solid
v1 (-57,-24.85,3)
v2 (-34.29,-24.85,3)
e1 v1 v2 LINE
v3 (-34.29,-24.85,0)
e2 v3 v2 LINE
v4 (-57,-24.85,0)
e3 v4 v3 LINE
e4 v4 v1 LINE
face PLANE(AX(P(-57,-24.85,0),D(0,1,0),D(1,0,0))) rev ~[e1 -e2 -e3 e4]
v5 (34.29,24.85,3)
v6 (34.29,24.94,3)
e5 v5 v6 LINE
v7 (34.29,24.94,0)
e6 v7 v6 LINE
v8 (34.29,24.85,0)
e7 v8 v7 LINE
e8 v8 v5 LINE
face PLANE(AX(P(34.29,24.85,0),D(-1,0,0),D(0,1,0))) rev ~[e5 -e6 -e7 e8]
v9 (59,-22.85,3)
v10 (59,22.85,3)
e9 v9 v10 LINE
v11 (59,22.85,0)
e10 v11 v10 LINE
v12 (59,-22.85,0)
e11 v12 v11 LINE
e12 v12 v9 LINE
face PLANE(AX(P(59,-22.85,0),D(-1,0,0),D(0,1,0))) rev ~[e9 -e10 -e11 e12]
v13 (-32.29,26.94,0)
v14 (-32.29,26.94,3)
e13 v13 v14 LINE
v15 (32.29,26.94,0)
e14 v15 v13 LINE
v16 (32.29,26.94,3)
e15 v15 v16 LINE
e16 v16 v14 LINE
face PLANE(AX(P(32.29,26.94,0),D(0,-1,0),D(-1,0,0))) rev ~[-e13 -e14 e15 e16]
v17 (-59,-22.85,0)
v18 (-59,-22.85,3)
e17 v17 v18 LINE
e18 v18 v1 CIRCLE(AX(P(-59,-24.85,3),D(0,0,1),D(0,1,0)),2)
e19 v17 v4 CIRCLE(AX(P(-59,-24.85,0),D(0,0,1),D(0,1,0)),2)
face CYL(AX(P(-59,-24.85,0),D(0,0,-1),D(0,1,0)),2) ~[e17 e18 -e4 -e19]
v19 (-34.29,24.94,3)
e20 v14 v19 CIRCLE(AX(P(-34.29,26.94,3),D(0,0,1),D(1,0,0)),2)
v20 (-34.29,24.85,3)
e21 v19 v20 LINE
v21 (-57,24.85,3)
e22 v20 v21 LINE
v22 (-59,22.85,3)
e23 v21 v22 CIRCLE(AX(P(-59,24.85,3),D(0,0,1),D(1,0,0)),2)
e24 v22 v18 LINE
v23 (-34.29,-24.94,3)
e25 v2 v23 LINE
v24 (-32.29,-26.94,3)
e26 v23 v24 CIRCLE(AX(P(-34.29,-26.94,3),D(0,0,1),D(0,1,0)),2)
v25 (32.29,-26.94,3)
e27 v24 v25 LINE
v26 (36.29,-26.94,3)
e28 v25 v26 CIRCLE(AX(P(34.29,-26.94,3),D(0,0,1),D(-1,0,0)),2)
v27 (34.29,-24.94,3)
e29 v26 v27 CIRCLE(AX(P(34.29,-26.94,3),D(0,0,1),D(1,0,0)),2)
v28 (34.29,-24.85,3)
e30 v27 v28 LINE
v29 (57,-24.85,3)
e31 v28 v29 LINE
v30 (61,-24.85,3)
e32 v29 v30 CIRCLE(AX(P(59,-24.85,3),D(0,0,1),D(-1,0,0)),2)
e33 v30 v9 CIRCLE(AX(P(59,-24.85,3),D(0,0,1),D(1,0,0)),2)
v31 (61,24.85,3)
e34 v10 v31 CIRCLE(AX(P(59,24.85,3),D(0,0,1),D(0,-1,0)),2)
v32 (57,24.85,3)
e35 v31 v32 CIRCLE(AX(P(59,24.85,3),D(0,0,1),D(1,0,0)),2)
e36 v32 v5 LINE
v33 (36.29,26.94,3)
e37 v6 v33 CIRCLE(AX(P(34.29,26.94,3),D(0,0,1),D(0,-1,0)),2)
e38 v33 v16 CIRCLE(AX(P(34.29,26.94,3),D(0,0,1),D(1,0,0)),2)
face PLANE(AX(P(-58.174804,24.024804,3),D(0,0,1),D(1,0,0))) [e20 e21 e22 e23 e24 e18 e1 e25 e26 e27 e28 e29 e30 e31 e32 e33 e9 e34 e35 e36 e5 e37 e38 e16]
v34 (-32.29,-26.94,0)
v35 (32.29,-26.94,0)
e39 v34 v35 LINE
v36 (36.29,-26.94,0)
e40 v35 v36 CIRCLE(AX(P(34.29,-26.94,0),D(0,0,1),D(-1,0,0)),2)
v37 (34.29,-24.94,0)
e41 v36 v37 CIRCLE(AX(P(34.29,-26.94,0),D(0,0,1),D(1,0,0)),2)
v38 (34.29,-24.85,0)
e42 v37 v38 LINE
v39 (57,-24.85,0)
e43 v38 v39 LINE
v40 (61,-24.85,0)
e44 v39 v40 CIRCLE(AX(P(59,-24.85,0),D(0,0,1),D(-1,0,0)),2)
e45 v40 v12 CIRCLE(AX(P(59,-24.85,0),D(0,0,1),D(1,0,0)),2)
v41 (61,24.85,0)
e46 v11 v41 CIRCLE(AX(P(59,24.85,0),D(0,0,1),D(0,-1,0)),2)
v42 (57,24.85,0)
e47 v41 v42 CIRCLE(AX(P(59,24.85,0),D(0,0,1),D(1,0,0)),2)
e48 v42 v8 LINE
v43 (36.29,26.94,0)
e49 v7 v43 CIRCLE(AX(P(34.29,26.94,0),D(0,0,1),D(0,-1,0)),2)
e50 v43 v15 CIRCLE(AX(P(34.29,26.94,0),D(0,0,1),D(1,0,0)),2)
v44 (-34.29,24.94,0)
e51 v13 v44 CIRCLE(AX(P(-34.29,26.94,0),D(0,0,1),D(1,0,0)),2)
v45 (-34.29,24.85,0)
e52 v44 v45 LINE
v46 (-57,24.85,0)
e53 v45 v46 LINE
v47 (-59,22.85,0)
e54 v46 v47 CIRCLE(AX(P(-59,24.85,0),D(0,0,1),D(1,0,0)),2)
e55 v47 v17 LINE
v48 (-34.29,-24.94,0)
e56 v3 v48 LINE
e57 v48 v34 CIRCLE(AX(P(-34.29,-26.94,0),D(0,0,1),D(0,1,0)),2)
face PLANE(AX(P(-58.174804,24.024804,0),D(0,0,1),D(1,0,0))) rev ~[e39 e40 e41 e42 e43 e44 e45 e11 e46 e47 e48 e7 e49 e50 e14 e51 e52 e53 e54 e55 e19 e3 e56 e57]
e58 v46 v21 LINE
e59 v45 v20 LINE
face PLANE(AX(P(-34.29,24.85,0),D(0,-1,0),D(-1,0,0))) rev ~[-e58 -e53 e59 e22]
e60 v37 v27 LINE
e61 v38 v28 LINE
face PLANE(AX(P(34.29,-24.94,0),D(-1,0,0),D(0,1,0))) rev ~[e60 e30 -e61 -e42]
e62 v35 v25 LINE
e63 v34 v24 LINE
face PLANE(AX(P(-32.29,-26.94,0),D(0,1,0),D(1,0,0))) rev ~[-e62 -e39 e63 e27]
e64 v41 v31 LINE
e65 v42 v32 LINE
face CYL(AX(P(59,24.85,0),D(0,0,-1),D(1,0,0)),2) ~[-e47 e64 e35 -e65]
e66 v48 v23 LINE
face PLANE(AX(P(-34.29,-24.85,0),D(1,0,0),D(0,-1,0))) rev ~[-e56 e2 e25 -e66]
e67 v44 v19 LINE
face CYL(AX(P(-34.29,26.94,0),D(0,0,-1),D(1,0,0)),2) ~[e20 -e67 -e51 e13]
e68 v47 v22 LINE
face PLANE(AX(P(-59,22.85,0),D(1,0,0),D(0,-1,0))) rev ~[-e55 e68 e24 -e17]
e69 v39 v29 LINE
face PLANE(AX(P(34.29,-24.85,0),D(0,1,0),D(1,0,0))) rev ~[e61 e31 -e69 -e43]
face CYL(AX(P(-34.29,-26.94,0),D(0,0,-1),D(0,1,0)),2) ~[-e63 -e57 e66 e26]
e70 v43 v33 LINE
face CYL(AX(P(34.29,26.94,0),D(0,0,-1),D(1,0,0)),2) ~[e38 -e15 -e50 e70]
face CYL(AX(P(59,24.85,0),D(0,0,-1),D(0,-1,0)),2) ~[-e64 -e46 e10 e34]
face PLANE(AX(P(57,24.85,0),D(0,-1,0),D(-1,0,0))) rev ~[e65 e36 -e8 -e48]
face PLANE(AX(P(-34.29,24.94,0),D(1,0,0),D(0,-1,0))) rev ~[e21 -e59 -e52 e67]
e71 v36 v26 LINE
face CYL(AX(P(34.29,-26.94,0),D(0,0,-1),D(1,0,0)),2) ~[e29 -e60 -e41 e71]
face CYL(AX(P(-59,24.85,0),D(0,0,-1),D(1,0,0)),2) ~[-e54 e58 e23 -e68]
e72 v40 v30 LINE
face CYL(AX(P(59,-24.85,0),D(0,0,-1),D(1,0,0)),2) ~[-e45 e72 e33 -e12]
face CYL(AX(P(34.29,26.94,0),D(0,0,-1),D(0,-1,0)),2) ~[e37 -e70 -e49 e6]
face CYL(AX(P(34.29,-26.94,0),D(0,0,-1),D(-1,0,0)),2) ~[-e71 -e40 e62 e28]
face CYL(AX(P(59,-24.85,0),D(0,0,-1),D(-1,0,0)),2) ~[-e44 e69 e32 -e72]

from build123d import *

# Parameters (mm, degrees)
F0_W     = 68.58
F0_H     = 49.7
F1_DEPTH = 3


with BuildPart() as f1:
    # F0 (on Top) → F1 (new body)
    with BuildSketch(Plane.XY):
        with BuildLine():
            ThreePointArc((-59, 22.85), (-57.5857864376, 23.4357864376), (-57, 24.85))
            Line((-57, 24.85), (-59, 24.85))
            Line((-59, 24.85), (-59, 22.85))
        make_face()
        with BuildLine():
            Line((-59, 24.85), (-57, 24.85))
            ThreePointArc((-57, 24.85), (-60.4142135624, 26.2642135624), (-59, 22.85))
            Line((-59, 22.85), (-59, 24.85))
        make_face()
        with BuildLine():
            Line((-34.29, 24.85), (-57, 24.85))
            ThreePointArc((-57, 24.85), (-57.5857864376, 23.4357864376), (-59, 22.85))
            Line((-59, 22.85), (-59, -22.85))
            ThreePointArc((-59, -22.85), (-57.5857864376, -23.4357864376), (-57, -24.85))
            Line((-57, -24.85), (-34.29, -24.85))
            Line((-34.29, -24.85), (-34.29, 24.85))
        make_face()
        with BuildLine():
            Line((-34.29, 24.94), (-34.29, 24.85))
            Line((-34.29, 24.85), (34.29, 24.85))
            Line((34.29, 24.85), (34.29, 24.94))
            ThreePointArc((34.29, 24.94), (32.8757864376, 25.5257864376), (32.29, 26.94))
            Line((32.29, 26.94), (-32.29, 26.94))
            ThreePointArc((-32.29, 26.94), (-32.8757864376, 25.5257864376), (-34.29, 24.94))
        make_face()
        Rectangle(F0_W, F0_H)
        with BuildLine():
            Line((57, 24.85), (34.29, 24.85))
            Line((34.29, 24.85), (34.29, -24.85))
            Line((34.29, -24.85), (57, -24.85))
            ThreePointArc((57, -24.85), (57.5857864376, -23.4357864376), (59, -22.85))
            Line((59, -22.85), (59, 22.85))
            ThreePointArc((59, 22.85), (57.5857864376, 23.4357864376), (57, 24.85))
        make_face()
        with BuildLine():
            ThreePointArc((-32.29, 26.94), (-35.7042135624, 28.3542135624), (-34.29, 24.94))
            Line((-34.29, 24.94), (-34.29, 26.94))
            Line((-34.29, 26.94), (-32.29, 26.94))
        make_face()
        with BuildLine():
            Line((-34.29, 26.94), (-34.29, 24.94))
            ThreePointArc((-34.29, 24.94), (-32.8757864376, 25.5257864376), (-32.29, 26.94))
            Line((-32.29, 26.94), (-34.29, 26.94))
        make_face()
        with BuildLine():
            Line((34.29, -24.85), (-34.29, -24.85))
            Line((-34.29, -24.85), (-34.29, -24.94))
            ThreePointArc((-34.29, -24.94), (-32.8757864376, -25.5257864376), (-32.29, -26.94))
            Line((-32.29, -26.94), (32.29, -26.94))
            ThreePointArc((32.29, -26.94), (32.8757864376, -25.5257864376), (34.29, -24.94))
            Line((34.29, -24.94), (34.29, -24.85))
        make_face()
        with BuildLine():
            ThreePointArc((-57, -24.85), (-57.5857864376, -23.4357864376), (-59, -22.85))
            Line((-59, -22.85), (-59, -24.85))
            Line((-59, -24.85), (-57, -24.85))
        make_face()
        with BuildLine():
            Line((-59, -24.85), (-59, -22.85))
            ThreePointArc((-59, -22.85), (-60.4142135624, -26.2642135624), (-57, -24.85))
            Line((-57, -24.85), (-59, -24.85))
        make_face()
        with BuildLine():
            ThreePointArc((61, 24.85), (59, 26.85), (57, 24.85))
            Line((57, 24.85), (59, 24.85))
            Line((59, 24.85), (59, 22.85))
            ThreePointArc((59, 22.85), (60.4142135624, 23.4357864376), (61, 24.85))
        make_face()
        with BuildLine():
            Line((59, 24.85), (57, 24.85))
            ThreePointArc((57, 24.85), (57.5857864376, 23.4357864376), (59, 22.85))
            Line((59, 22.85), (59, 24.85))
        make_face()
        with BuildLine():
            ThreePointArc((32.29, 26.94), (32.8757864376, 25.5257864376), (34.29, 24.94))
            Line((34.29, 24.94), (34.29, 26.94))
            Line((34.29, 26.94), (32.29, 26.94))
        make_face()
        with BuildLine():
            Line((34.29, 26.94), (34.29, 24.94))
            ThreePointArc((34.29, 24.94), (35.7042135624, 25.5257864376), (36.29, 26.94))
            ThreePointArc((36.29, 26.94), (34.29, 28.94), (32.29, 26.94))
            Line((32.29, 26.94), (34.29, 26.94))
        make_face()
        with BuildLine():
            ThreePointArc((-32.29, -26.94), (-32.8757864376, -25.5257864376), (-34.29, -24.94))
            Line((-34.29, -24.94), (-34.29, -26.94))
            Line((-34.29, -26.94), (-32.29, -26.94))
        make_face()
        with BuildLine():
            Line((-34.29, -26.94), (-34.29, -24.94))
            ThreePointArc((-34.29, -24.94), (-35.7042135624, -28.3542135624), (-32.29, -26.94))
            Line((-32.29, -26.94), (-34.29, -26.94))
        make_face()
        with BuildLine():
            ThreePointArc((59, -22.85), (57.5857864376, -23.4357864376), (57, -24.85))
            Line((57, -24.85), (59, -24.85))
            Line((59, -24.85), (59, -22.85))
        make_face()
        with BuildLine():
            Line((59, -24.85), (57, -24.85))
            ThreePointArc((57, -24.85), (59, -26.85), (61, -24.85))
            ThreePointArc((61, -24.85), (60.4142135624, -23.4357864376), (59, -22.85))
            Line((59, -22.85), (59, -24.85))
        make_face()
        with BuildLine():
            ThreePointArc((36.29, -26.94), (35.7042135624, -25.5257864376), (34.29, -24.94))
            Line((34.29, -24.94), (34.29, -26.94))
            Line((34.29, -26.94), (32.29, -26.94))
            ThreePointArc((32.29, -26.94), (34.29, -28.94), (36.29, -26.94))
        make_face()
        with BuildLine():
            Line((34.29, -26.94), (34.29, -24.94))
            ThreePointArc((34.29, -24.94), (32.8757864376, -25.5257864376), (32.29, -26.94))
            Line((32.29, -26.94), (34.29, -26.94))
        make_face()
    extrude(amount=F1_DEPTH)


solid = f1.part
